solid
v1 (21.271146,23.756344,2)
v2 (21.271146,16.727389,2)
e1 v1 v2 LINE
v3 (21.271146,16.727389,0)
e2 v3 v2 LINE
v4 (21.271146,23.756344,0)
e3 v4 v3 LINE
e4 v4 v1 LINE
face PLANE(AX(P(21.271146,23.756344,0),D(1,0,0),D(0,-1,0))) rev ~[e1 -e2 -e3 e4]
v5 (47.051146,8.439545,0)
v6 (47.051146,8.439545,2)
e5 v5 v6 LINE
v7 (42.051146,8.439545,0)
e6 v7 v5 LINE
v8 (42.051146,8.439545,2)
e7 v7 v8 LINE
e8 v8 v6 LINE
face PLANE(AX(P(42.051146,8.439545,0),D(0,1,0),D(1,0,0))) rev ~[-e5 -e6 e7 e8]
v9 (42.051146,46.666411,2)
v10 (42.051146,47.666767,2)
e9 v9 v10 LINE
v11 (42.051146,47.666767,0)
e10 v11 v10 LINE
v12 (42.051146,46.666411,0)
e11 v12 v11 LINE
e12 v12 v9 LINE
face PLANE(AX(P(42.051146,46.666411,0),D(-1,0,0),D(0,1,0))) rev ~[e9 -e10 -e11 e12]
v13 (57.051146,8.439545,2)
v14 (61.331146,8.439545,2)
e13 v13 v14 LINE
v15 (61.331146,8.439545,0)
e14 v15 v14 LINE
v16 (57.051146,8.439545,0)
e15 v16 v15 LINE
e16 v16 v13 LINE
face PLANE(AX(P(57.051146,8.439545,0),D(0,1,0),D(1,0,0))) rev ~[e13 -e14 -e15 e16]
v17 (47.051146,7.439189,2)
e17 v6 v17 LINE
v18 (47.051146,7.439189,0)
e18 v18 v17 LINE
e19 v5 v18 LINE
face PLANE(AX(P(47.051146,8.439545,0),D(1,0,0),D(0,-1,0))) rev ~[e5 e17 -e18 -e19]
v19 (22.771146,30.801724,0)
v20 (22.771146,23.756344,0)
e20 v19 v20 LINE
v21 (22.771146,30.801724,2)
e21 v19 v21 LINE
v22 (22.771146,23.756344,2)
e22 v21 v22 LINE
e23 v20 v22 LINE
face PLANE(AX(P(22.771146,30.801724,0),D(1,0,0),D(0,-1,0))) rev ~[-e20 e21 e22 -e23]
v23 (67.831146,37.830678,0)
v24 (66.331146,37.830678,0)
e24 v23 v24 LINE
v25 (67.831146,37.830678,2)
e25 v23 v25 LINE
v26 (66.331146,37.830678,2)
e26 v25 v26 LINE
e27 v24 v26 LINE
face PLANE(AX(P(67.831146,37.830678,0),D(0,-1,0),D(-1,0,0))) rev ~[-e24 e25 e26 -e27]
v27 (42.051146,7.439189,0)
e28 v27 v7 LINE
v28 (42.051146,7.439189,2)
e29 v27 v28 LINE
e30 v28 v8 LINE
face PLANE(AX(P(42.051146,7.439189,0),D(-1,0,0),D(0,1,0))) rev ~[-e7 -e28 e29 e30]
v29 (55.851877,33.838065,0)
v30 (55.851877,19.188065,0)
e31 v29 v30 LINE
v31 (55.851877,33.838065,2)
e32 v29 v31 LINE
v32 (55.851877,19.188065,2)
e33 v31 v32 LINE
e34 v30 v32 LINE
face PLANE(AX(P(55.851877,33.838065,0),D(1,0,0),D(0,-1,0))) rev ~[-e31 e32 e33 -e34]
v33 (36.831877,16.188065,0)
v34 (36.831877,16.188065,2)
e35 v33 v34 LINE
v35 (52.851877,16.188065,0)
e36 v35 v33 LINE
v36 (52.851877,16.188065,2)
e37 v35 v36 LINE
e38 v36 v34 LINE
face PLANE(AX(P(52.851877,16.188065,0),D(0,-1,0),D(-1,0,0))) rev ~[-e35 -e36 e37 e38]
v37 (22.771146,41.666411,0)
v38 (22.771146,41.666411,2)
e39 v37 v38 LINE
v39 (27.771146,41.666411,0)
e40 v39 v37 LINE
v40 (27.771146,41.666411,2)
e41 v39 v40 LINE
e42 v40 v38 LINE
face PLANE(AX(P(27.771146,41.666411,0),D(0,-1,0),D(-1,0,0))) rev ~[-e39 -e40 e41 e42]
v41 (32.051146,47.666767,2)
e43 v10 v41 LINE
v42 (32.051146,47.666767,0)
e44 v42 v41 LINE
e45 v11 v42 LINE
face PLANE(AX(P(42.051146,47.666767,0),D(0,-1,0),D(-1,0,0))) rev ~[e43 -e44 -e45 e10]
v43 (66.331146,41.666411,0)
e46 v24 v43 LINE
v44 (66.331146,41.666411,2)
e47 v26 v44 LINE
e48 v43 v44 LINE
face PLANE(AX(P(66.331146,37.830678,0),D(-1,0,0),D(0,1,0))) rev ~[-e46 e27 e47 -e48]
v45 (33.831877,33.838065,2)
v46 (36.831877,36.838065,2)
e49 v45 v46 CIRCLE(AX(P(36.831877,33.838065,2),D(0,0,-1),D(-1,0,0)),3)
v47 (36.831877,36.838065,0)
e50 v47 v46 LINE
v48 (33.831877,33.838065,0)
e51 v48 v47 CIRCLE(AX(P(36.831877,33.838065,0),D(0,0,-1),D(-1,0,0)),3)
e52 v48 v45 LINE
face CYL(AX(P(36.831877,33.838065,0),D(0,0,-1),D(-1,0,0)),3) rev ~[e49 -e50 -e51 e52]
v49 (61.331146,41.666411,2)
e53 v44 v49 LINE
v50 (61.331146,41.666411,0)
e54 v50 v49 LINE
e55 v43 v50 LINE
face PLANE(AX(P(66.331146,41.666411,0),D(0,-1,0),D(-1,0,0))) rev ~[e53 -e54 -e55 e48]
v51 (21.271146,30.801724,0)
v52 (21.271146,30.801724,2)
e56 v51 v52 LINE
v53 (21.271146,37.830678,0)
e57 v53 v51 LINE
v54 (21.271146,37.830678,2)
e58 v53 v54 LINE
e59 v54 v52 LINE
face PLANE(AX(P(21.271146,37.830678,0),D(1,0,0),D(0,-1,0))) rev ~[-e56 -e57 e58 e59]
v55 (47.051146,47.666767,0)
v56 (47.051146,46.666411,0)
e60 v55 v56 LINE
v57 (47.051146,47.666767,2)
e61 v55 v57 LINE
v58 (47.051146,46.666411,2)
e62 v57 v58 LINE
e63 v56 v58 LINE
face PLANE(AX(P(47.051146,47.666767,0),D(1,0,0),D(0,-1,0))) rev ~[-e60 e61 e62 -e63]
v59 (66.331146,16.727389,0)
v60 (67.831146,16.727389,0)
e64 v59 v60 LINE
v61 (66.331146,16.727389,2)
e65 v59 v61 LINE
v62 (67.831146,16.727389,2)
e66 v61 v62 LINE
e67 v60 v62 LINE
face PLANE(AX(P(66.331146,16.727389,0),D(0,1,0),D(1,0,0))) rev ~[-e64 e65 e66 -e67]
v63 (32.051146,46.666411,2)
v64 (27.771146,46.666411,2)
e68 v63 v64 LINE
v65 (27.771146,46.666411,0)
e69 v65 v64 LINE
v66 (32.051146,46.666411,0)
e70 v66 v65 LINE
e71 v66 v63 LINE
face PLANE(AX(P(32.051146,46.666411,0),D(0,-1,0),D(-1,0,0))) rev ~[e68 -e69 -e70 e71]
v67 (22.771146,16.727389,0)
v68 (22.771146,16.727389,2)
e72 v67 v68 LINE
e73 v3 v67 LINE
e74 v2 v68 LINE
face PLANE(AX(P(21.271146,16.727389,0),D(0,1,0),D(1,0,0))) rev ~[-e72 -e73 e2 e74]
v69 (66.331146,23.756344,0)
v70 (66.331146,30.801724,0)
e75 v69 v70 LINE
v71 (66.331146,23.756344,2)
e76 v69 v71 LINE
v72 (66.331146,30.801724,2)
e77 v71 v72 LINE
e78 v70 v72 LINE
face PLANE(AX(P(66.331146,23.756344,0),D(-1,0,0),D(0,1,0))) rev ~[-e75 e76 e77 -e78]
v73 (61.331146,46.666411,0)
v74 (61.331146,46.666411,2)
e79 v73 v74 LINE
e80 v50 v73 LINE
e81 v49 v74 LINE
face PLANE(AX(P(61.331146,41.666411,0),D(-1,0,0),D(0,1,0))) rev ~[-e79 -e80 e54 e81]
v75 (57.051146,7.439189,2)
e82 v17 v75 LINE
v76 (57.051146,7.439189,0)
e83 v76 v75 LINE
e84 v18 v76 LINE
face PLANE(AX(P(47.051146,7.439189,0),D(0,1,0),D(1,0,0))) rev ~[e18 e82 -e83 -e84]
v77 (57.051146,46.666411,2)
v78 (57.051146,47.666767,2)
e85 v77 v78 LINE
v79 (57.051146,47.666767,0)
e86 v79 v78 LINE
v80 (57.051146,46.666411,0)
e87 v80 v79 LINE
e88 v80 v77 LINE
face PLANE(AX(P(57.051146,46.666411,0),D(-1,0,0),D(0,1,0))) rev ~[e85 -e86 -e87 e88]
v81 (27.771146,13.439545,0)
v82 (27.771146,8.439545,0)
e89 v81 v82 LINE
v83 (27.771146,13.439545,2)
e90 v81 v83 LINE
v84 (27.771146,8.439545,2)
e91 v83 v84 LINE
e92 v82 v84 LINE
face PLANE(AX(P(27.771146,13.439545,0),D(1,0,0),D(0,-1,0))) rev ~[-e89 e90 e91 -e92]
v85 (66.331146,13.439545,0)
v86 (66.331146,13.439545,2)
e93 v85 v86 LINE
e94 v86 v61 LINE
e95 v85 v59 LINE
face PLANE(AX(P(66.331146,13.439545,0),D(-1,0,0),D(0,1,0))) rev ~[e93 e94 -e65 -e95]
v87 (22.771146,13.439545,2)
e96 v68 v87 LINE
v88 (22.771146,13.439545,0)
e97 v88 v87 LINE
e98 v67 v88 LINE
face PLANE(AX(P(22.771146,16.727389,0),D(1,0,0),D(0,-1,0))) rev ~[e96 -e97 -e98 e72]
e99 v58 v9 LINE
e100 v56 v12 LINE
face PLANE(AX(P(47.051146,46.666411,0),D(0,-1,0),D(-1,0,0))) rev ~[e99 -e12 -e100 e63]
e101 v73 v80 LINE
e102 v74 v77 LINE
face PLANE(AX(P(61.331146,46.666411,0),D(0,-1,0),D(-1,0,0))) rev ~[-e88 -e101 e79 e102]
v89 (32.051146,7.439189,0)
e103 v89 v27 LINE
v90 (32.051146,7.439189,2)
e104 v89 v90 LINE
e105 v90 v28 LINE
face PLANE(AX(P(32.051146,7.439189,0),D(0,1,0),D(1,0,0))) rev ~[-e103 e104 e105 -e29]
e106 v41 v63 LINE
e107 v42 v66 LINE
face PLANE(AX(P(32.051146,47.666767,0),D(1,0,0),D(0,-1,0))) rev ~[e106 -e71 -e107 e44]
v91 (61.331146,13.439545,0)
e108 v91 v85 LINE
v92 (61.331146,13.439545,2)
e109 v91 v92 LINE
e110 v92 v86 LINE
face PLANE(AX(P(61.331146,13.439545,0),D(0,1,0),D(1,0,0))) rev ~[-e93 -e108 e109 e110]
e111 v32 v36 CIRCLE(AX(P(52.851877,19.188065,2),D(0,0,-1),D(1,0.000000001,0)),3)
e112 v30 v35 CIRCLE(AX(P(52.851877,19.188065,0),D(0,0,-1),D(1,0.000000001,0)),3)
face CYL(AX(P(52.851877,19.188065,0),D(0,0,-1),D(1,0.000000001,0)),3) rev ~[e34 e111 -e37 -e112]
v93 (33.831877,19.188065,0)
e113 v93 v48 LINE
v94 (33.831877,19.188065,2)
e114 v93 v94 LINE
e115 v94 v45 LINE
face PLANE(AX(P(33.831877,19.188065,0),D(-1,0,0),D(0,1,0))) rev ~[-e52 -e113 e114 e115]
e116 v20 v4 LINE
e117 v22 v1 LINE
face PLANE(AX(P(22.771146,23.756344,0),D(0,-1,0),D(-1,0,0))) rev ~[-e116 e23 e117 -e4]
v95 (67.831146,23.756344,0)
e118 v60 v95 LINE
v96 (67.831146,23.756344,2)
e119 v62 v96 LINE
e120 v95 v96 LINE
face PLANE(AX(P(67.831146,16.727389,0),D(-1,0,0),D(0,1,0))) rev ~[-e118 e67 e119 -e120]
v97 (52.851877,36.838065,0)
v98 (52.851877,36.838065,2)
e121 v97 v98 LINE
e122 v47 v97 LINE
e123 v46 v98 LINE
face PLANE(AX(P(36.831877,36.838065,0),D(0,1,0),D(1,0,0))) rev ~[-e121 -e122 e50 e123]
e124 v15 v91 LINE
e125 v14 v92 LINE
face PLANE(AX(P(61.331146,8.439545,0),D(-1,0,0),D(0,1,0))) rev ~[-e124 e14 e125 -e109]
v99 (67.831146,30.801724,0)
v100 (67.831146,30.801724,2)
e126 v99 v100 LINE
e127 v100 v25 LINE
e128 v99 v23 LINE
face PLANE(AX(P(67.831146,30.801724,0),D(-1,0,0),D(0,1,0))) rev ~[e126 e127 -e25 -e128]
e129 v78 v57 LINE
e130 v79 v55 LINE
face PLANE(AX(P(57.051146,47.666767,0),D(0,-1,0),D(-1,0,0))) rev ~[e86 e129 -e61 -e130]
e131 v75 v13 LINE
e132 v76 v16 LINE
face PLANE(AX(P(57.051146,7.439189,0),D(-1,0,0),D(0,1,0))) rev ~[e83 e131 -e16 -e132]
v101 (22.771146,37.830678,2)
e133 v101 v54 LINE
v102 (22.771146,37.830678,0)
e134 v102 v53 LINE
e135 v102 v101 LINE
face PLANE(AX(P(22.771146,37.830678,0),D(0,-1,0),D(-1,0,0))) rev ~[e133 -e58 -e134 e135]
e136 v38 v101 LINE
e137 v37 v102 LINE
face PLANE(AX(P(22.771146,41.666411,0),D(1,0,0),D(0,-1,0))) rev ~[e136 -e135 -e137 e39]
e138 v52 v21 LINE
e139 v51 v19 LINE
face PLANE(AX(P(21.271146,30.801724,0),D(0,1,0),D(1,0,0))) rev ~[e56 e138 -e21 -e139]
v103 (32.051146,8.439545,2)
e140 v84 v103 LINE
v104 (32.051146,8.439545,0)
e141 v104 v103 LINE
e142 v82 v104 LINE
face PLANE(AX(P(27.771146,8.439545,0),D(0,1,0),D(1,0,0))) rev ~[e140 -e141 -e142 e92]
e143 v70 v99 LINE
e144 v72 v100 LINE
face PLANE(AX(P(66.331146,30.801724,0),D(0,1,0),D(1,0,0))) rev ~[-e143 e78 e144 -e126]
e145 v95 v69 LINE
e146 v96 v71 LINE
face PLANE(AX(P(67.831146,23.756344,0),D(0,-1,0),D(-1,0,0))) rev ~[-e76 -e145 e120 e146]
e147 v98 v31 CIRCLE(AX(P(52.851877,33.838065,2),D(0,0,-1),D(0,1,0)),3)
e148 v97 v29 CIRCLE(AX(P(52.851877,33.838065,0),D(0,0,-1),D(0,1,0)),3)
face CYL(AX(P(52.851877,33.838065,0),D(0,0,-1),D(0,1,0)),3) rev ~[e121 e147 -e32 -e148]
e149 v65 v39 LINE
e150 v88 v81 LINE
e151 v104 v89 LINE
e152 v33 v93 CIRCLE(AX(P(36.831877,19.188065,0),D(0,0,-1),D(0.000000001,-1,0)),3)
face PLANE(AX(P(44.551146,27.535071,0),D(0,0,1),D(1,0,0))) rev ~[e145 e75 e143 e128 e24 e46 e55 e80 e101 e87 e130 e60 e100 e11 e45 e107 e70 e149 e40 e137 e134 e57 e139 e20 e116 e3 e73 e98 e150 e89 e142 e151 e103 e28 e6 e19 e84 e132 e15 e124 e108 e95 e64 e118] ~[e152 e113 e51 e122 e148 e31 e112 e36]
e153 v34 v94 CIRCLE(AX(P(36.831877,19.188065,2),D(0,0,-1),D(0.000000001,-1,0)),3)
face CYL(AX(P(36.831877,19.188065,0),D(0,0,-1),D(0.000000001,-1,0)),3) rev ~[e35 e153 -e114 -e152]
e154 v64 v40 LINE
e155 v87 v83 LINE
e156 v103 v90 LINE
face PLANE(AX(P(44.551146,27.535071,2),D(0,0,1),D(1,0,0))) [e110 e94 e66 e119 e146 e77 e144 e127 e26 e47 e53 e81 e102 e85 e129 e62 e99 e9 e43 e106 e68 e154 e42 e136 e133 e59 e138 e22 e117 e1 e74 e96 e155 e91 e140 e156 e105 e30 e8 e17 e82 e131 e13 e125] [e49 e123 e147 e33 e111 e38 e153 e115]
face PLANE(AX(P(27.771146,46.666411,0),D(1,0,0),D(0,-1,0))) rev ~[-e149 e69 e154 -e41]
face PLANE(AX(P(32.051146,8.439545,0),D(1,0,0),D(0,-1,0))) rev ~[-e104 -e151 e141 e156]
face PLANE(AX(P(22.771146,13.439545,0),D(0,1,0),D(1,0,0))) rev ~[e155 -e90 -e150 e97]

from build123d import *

# Parameters (mm, degrees)
EXTRUDE_1_DEPTH = 2


with BuildPart() as part:
    # Model → 凸台-拉伸1 (new body)
    with BuildSketch(Plane.XY):
        Polygon((32.051146309, 46.666411473), (27.771146309, 46.666411473), (27.771146309, 41.666411473), (22.771146309, 41.666411473), (22.771146309, 37.830678098), (21.271146309, 37.830678098), (21.271146309, 30.830678098), (21.271146309, 30.801723709), (22.771146309, 30.801723709), (22.771146309, 23.756343709), (21.271146309, 23.756343709), (21.271146309, 23.72738932), (21.271146309, 16.72738932), (22.771146309, 16.72738932), (22.771146309, 13.439545087), (27.771146309, 13.439545087), (27.771146309, 8.439545087), (32.051146309, 8.439545087), (32.051146309, 7.439189381), (42.051146309, 7.439189381), (42.051146309, 8.439545087), (47.051146309, 8.439545087), (47.051146309, 7.439189381), (57.051146309, 7.439189381), (57.051146309, 8.439545087), (61.331146309, 8.439545087), (61.331146309, 13.439545087), (66.331146309, 13.439545087), (66.331146309, 16.72738932), (67.831146309, 16.72738932), (67.831146309, 23.72738932), (67.831146309, 23.756343709), (66.331146309, 23.756343709), (66.331146309, 30.801723709), (67.831146309, 30.801723709), (67.831146309, 30.830678098), (67.831146309, 37.830678098), (66.331146309, 37.830678098), (66.331146309, 41.666411473), (61.331146309, 41.666411473), (61.331146309, 46.666411473), (57.051146309, 46.666411473), (57.051146309, 47.666767179), (47.051146309, 47.666767179), (47.051146309, 46.666411473), (42.051146309, 46.666411473), (42.051146309, 47.666767179), (32.051146309, 47.666767179), align=None)
        with BuildLine():
            Line((36.831877426, 36.838064871), (52.851877426, 36.838064871))
            ThreePointArc((52.851877426, 36.838064871), (54.97319777, 35.959385214), (55.851877426, 33.838064871))
            Line((55.851877426, 33.838064871), (55.851877426, 19.188064871))
            ThreePointArc((55.851877426, 19.188064871), (54.97319777, 17.066744527), (52.851877426, 16.188064871))
            Line((52.851877426, 16.188064871), (36.831877426, 16.188064871))
            ThreePointArc((36.831877426, 16.188064871), (34.710557082, 17.066744527), (33.831877426, 19.188064871))
            Line((33.831877426, 19.188064871), (33.831877426, 33.838064871))
            ThreePointArc((33.831877426, 33.838064871), (34.710557082, 35.959385214), (36.831877426, 36.838064871))
        make_face(mode=Mode.SUBTRACT)
    extrude(amount=EXTRUDE_1_DEPTH)


solid = part.part
